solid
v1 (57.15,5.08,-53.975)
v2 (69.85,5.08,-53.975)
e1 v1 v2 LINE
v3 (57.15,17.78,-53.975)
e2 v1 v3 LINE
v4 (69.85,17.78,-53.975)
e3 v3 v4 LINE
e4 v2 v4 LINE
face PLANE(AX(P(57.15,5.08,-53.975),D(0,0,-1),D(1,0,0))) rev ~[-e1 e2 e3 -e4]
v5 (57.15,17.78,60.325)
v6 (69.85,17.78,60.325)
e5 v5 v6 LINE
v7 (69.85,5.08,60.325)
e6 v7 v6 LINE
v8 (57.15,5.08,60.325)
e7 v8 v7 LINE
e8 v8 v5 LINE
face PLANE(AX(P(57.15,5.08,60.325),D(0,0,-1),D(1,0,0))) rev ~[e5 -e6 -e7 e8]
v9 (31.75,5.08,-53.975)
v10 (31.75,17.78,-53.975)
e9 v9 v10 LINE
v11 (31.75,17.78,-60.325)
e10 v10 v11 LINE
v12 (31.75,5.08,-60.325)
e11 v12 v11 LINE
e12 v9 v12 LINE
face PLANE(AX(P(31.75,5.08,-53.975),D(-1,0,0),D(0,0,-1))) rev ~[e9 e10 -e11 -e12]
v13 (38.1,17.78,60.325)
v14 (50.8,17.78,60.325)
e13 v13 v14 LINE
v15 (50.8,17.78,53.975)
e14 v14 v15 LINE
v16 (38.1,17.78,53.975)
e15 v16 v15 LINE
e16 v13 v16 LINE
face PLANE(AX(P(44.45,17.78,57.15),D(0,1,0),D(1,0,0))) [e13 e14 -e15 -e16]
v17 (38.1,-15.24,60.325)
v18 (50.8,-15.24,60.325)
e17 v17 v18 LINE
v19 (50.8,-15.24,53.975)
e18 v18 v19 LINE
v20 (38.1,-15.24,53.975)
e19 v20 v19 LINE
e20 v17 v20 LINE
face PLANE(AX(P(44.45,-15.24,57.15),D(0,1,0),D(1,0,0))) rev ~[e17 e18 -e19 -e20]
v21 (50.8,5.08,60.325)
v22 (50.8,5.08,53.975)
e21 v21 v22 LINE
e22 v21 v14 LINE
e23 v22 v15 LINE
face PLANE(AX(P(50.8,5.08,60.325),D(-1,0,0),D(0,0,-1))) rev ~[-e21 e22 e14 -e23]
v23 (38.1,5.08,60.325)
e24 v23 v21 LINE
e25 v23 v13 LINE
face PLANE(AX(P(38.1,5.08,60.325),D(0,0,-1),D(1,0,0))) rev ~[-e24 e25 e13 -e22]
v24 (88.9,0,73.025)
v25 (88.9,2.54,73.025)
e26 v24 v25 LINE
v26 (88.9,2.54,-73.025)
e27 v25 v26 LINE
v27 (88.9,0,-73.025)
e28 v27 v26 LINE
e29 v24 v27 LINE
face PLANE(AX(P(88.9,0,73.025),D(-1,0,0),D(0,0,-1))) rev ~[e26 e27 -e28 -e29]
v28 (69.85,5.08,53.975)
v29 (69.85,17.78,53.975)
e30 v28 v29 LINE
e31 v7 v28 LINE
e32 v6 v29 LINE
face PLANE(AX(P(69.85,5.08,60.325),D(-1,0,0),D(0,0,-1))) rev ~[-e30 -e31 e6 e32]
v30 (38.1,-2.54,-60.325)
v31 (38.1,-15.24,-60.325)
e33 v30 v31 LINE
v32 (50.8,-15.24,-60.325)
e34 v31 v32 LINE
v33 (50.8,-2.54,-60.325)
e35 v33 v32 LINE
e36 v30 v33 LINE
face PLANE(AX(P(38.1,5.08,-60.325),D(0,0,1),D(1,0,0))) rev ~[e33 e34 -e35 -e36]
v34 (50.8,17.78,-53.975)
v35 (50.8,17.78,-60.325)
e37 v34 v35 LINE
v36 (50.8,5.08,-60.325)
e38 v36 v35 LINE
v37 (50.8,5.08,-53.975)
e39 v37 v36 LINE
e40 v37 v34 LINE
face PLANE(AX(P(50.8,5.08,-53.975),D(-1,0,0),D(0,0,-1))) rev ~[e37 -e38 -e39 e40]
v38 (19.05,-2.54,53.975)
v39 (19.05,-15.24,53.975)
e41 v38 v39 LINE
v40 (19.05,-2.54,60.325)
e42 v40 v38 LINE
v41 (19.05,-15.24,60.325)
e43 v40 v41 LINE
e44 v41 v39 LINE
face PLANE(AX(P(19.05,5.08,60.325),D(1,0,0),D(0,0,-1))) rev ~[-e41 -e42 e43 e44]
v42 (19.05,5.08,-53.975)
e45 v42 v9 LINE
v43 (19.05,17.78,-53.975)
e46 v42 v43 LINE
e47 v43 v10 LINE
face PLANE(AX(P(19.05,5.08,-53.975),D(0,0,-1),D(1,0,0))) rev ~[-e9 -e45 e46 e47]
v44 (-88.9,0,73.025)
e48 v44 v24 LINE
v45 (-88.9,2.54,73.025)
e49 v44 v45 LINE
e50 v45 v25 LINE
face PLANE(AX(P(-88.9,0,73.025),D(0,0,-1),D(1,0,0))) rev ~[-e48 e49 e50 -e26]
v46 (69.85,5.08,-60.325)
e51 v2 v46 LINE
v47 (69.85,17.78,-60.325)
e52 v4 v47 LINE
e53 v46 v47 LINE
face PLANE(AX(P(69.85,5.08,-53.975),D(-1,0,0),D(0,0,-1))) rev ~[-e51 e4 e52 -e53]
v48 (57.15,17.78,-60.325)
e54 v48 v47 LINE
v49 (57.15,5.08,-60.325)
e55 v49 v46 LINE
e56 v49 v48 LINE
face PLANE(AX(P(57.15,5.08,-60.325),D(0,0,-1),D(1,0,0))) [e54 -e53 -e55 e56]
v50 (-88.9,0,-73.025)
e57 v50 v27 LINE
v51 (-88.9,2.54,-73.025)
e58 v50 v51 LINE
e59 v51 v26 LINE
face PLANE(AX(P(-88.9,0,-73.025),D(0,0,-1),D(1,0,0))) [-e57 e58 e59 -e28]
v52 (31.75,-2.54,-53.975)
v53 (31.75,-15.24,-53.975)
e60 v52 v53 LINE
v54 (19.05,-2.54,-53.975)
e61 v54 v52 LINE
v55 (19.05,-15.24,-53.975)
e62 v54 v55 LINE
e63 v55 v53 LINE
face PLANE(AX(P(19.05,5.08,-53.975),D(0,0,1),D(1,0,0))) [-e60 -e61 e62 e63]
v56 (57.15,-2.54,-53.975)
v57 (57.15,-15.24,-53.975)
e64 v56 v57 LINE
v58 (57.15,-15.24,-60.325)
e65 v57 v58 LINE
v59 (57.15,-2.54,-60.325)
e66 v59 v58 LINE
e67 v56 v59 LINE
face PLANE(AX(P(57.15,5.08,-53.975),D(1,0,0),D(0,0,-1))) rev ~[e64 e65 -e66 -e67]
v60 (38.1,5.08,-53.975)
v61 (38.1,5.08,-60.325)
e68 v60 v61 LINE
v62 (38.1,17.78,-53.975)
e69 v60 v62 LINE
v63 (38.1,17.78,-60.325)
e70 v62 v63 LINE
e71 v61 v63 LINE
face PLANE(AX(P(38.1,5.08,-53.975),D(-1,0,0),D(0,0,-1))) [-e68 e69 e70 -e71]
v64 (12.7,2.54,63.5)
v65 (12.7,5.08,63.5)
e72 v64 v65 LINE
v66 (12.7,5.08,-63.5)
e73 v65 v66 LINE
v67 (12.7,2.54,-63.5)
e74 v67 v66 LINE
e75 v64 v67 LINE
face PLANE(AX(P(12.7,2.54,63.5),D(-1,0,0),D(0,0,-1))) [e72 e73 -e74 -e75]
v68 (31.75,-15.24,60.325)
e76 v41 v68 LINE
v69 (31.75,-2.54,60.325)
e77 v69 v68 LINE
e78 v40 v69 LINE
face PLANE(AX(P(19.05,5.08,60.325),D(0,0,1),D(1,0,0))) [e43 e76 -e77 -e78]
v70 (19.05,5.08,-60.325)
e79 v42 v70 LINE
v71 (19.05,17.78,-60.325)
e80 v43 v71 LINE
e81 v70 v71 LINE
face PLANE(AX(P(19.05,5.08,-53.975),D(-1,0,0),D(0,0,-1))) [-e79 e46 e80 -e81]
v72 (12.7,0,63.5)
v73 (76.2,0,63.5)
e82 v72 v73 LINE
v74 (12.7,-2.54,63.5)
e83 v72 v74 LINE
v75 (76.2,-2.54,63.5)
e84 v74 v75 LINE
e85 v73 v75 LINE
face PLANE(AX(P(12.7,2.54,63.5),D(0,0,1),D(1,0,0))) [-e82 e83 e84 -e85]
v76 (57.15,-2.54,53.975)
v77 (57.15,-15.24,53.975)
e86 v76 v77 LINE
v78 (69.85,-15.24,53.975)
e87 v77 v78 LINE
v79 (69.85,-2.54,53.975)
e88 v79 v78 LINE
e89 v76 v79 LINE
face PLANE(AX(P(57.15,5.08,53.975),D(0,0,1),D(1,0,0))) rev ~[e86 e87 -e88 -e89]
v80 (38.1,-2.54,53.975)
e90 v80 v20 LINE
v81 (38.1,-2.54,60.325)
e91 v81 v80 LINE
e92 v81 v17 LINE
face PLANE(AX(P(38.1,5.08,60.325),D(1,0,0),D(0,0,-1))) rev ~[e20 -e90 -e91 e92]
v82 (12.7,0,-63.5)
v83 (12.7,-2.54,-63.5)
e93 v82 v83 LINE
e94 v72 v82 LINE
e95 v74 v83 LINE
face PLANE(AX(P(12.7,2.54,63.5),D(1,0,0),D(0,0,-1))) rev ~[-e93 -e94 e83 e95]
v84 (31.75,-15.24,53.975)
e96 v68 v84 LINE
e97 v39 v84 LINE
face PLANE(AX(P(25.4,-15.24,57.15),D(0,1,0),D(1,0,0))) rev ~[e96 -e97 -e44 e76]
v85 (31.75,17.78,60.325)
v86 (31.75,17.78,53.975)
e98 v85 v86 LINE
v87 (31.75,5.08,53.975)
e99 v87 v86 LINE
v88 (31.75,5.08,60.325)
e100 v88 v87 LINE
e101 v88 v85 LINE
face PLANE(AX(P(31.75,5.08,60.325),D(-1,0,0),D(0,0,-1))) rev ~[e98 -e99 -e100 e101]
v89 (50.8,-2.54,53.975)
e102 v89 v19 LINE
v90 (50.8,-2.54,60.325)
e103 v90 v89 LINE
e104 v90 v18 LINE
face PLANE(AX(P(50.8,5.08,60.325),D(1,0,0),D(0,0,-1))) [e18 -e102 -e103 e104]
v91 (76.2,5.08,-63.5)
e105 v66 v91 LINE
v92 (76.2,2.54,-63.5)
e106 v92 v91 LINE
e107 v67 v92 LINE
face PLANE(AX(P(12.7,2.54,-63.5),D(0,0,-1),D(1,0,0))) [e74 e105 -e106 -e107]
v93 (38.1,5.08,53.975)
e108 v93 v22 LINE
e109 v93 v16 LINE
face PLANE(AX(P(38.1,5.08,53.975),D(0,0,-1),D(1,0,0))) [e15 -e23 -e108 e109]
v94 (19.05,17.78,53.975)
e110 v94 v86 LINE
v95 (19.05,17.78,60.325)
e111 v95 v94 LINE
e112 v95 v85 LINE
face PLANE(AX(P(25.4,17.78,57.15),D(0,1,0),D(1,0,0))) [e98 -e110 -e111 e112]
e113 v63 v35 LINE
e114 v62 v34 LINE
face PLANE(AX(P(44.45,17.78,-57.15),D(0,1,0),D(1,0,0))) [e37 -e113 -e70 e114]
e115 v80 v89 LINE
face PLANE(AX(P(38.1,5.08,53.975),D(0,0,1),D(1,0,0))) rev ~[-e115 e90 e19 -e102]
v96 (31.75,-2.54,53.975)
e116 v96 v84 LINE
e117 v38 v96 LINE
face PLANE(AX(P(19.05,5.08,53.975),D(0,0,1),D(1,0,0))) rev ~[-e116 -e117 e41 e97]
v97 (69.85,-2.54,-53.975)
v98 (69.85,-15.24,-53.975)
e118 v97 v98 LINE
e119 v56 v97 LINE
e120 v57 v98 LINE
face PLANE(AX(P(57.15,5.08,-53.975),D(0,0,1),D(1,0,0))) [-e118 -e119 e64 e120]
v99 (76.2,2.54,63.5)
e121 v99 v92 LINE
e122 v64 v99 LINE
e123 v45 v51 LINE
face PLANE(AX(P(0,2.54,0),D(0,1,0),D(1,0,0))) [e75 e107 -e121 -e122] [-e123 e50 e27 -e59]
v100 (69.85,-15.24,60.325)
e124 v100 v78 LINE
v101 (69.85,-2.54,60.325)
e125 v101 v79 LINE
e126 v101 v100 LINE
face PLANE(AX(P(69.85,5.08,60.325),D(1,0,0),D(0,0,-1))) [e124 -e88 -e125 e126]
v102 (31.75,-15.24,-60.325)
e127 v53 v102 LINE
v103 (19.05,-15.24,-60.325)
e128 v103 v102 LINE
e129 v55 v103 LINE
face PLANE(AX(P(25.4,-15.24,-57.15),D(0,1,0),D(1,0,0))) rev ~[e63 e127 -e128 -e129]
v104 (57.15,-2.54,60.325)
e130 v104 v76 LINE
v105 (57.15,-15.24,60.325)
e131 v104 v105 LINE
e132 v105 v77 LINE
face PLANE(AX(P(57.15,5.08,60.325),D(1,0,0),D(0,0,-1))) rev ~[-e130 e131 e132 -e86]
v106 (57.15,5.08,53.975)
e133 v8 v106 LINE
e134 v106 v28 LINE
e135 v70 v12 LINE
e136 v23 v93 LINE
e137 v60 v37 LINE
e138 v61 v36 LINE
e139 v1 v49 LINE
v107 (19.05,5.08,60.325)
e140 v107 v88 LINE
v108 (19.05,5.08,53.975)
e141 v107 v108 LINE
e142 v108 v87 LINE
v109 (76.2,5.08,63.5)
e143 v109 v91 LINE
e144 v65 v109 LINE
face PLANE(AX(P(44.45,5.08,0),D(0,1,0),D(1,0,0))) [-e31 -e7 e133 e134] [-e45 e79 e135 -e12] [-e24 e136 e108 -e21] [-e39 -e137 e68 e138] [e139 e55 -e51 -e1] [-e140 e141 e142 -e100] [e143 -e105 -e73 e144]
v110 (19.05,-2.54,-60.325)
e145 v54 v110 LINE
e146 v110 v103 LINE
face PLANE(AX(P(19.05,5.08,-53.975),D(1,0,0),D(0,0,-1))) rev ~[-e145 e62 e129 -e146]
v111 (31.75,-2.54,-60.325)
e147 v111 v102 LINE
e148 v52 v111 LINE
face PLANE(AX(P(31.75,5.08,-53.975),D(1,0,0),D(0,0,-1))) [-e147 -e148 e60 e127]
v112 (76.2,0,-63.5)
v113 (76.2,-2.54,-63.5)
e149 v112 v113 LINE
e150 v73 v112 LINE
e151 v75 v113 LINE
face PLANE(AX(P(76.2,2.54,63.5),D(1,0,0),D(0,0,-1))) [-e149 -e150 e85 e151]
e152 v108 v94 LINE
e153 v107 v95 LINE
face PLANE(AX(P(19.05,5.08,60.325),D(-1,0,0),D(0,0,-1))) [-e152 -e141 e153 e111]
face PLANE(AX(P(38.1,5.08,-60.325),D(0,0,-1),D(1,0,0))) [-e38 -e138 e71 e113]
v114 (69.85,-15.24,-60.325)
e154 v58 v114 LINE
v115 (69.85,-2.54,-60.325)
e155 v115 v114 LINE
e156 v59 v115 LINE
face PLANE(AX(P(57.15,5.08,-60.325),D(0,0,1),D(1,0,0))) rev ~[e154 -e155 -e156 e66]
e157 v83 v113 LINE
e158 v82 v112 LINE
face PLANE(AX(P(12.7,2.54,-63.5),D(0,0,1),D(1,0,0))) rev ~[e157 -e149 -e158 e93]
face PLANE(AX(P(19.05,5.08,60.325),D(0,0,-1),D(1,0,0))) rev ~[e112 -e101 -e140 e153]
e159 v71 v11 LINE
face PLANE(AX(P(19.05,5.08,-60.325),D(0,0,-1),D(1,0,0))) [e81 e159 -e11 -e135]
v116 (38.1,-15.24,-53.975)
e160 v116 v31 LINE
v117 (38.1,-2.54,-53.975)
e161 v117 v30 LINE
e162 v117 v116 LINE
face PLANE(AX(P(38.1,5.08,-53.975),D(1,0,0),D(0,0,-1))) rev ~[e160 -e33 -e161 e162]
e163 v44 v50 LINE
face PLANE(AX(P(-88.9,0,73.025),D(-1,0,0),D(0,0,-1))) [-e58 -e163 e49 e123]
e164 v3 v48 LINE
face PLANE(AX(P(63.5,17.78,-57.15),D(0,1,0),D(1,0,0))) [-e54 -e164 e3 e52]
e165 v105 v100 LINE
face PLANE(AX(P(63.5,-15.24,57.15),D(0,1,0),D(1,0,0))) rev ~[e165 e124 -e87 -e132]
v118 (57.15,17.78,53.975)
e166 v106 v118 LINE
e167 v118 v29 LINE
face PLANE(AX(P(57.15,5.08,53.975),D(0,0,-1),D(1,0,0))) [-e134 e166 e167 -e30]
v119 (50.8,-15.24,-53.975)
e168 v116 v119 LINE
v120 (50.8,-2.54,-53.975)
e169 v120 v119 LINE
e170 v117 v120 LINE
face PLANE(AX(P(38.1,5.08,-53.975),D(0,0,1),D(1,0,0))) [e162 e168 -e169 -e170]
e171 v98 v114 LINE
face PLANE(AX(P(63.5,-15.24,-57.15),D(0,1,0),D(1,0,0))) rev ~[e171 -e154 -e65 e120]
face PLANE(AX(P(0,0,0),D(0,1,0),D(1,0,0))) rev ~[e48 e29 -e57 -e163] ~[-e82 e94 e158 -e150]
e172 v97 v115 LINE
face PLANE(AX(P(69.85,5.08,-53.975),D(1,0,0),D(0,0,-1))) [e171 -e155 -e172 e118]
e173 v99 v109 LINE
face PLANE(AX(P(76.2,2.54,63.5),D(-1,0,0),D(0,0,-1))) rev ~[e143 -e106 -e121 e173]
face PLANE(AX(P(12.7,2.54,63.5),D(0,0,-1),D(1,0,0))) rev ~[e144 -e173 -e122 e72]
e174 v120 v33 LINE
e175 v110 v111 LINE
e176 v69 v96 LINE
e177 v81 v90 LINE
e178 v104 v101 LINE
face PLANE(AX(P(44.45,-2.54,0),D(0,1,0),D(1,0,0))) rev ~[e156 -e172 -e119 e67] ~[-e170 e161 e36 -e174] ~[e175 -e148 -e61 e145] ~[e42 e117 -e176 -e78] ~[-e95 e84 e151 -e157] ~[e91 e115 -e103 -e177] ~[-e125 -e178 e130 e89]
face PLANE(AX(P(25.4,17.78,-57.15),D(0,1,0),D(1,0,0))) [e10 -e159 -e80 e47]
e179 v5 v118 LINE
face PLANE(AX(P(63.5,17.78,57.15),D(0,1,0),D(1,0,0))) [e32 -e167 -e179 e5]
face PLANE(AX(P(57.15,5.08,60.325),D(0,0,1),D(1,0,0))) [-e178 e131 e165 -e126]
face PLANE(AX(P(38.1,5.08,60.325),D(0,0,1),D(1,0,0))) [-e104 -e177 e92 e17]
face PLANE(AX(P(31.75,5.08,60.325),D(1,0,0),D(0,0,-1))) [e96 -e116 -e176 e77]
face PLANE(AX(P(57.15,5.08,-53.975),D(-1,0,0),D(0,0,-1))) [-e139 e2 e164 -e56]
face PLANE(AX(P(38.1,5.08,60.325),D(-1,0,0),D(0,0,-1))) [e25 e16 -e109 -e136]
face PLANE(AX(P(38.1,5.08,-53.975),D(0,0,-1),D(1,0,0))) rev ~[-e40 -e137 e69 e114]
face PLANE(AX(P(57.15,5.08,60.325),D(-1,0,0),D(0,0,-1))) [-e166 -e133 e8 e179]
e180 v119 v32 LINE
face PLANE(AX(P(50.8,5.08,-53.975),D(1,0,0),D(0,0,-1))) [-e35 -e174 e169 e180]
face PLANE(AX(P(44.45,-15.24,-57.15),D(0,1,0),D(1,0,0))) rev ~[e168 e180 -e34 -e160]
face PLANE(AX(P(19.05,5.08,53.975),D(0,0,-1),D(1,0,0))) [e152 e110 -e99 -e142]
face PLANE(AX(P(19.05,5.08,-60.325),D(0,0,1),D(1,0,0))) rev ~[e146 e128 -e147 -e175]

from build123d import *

# Parameters (mm, degrees)
SKETCH1_W                = 177.8
SKETCH1_H                = 146.05
BOSS_EXTRUDE1_DEPTH      = 2.54
SKETCH2_W                = 63.5
SKETCH2_H                = 127
BOSS_EXTRUDE2_DEPTH      = 2.54
BOSS_EXTRUDE2_DEPTH_BACK = 5.08
SKETCH3_W                = 12.7
SKETCH3_H                = 6.35
BOSS_EXTRUDE3_DEPTH      = 12.7
BOSS_EXTRUDE3_DEPTH_BACK = 20.32


with BuildPart() as part:
    # Sketch1 → Boss-Extrude1 (new body)
    with BuildSketch(Plane(origin=(0, 0, 0), x_dir=(1, 0, 0), z_dir=(0, 1, 0))):
        Rectangle(SKETCH1_W, SKETCH1_H)
    extrude(amount=BOSS_EXTRUDE1_DEPTH)

    # Sketch2 → Boss-Extrude2 (add, two sides)
    with BuildSketch(Plane(origin=(0, 2.54, 0), x_dir=(1, 0, 0), z_dir=(0, 1, 0))) as boss_extrude2_sk:
        with Locations((44.45, 0)):
            Rectangle(SKETCH2_W, SKETCH2_H)
    extrude(amount=BOSS_EXTRUDE2_DEPTH)
    extrude(boss_extrude2_sk.sketch, amount=-BOSS_EXTRUDE2_DEPTH_BACK)

    # Sketch3 → Boss-Extrude3 (add, two sides)
    with BuildSketch(Plane(origin=(0, 5.08, 0), x_dir=(1, 0, 0), z_dir=(0, 1, 0))) as boss_extrude3_sk:
        with Locations((25.4, 57.15)):
            Rectangle(SKETCH3_W, SKETCH3_H)
        with Locations((44.45, 57.15)):
            Rectangle(SKETCH3_W, SKETCH3_H)
        with Locations((63.5, 57.15)):
            Rectangle(SKETCH3_W, SKETCH3_H)
        with Locations((63.5, -57.15)):
            Rectangle(SKETCH3_W, SKETCH3_H)
        with Locations((44.45, -57.15)):
            Rectangle(SKETCH3_W, SKETCH3_H)
        with Locations((25.4, -57.15)):
            Rectangle(SKETCH3_W, SKETCH3_H)
    extrude(amount=BOSS_EXTRUDE3_DEPTH)
    extrude(boss_extrude3_sk.sketch, amount=-BOSS_EXTRUDE3_DEPTH_BACK)


solid = part.part
